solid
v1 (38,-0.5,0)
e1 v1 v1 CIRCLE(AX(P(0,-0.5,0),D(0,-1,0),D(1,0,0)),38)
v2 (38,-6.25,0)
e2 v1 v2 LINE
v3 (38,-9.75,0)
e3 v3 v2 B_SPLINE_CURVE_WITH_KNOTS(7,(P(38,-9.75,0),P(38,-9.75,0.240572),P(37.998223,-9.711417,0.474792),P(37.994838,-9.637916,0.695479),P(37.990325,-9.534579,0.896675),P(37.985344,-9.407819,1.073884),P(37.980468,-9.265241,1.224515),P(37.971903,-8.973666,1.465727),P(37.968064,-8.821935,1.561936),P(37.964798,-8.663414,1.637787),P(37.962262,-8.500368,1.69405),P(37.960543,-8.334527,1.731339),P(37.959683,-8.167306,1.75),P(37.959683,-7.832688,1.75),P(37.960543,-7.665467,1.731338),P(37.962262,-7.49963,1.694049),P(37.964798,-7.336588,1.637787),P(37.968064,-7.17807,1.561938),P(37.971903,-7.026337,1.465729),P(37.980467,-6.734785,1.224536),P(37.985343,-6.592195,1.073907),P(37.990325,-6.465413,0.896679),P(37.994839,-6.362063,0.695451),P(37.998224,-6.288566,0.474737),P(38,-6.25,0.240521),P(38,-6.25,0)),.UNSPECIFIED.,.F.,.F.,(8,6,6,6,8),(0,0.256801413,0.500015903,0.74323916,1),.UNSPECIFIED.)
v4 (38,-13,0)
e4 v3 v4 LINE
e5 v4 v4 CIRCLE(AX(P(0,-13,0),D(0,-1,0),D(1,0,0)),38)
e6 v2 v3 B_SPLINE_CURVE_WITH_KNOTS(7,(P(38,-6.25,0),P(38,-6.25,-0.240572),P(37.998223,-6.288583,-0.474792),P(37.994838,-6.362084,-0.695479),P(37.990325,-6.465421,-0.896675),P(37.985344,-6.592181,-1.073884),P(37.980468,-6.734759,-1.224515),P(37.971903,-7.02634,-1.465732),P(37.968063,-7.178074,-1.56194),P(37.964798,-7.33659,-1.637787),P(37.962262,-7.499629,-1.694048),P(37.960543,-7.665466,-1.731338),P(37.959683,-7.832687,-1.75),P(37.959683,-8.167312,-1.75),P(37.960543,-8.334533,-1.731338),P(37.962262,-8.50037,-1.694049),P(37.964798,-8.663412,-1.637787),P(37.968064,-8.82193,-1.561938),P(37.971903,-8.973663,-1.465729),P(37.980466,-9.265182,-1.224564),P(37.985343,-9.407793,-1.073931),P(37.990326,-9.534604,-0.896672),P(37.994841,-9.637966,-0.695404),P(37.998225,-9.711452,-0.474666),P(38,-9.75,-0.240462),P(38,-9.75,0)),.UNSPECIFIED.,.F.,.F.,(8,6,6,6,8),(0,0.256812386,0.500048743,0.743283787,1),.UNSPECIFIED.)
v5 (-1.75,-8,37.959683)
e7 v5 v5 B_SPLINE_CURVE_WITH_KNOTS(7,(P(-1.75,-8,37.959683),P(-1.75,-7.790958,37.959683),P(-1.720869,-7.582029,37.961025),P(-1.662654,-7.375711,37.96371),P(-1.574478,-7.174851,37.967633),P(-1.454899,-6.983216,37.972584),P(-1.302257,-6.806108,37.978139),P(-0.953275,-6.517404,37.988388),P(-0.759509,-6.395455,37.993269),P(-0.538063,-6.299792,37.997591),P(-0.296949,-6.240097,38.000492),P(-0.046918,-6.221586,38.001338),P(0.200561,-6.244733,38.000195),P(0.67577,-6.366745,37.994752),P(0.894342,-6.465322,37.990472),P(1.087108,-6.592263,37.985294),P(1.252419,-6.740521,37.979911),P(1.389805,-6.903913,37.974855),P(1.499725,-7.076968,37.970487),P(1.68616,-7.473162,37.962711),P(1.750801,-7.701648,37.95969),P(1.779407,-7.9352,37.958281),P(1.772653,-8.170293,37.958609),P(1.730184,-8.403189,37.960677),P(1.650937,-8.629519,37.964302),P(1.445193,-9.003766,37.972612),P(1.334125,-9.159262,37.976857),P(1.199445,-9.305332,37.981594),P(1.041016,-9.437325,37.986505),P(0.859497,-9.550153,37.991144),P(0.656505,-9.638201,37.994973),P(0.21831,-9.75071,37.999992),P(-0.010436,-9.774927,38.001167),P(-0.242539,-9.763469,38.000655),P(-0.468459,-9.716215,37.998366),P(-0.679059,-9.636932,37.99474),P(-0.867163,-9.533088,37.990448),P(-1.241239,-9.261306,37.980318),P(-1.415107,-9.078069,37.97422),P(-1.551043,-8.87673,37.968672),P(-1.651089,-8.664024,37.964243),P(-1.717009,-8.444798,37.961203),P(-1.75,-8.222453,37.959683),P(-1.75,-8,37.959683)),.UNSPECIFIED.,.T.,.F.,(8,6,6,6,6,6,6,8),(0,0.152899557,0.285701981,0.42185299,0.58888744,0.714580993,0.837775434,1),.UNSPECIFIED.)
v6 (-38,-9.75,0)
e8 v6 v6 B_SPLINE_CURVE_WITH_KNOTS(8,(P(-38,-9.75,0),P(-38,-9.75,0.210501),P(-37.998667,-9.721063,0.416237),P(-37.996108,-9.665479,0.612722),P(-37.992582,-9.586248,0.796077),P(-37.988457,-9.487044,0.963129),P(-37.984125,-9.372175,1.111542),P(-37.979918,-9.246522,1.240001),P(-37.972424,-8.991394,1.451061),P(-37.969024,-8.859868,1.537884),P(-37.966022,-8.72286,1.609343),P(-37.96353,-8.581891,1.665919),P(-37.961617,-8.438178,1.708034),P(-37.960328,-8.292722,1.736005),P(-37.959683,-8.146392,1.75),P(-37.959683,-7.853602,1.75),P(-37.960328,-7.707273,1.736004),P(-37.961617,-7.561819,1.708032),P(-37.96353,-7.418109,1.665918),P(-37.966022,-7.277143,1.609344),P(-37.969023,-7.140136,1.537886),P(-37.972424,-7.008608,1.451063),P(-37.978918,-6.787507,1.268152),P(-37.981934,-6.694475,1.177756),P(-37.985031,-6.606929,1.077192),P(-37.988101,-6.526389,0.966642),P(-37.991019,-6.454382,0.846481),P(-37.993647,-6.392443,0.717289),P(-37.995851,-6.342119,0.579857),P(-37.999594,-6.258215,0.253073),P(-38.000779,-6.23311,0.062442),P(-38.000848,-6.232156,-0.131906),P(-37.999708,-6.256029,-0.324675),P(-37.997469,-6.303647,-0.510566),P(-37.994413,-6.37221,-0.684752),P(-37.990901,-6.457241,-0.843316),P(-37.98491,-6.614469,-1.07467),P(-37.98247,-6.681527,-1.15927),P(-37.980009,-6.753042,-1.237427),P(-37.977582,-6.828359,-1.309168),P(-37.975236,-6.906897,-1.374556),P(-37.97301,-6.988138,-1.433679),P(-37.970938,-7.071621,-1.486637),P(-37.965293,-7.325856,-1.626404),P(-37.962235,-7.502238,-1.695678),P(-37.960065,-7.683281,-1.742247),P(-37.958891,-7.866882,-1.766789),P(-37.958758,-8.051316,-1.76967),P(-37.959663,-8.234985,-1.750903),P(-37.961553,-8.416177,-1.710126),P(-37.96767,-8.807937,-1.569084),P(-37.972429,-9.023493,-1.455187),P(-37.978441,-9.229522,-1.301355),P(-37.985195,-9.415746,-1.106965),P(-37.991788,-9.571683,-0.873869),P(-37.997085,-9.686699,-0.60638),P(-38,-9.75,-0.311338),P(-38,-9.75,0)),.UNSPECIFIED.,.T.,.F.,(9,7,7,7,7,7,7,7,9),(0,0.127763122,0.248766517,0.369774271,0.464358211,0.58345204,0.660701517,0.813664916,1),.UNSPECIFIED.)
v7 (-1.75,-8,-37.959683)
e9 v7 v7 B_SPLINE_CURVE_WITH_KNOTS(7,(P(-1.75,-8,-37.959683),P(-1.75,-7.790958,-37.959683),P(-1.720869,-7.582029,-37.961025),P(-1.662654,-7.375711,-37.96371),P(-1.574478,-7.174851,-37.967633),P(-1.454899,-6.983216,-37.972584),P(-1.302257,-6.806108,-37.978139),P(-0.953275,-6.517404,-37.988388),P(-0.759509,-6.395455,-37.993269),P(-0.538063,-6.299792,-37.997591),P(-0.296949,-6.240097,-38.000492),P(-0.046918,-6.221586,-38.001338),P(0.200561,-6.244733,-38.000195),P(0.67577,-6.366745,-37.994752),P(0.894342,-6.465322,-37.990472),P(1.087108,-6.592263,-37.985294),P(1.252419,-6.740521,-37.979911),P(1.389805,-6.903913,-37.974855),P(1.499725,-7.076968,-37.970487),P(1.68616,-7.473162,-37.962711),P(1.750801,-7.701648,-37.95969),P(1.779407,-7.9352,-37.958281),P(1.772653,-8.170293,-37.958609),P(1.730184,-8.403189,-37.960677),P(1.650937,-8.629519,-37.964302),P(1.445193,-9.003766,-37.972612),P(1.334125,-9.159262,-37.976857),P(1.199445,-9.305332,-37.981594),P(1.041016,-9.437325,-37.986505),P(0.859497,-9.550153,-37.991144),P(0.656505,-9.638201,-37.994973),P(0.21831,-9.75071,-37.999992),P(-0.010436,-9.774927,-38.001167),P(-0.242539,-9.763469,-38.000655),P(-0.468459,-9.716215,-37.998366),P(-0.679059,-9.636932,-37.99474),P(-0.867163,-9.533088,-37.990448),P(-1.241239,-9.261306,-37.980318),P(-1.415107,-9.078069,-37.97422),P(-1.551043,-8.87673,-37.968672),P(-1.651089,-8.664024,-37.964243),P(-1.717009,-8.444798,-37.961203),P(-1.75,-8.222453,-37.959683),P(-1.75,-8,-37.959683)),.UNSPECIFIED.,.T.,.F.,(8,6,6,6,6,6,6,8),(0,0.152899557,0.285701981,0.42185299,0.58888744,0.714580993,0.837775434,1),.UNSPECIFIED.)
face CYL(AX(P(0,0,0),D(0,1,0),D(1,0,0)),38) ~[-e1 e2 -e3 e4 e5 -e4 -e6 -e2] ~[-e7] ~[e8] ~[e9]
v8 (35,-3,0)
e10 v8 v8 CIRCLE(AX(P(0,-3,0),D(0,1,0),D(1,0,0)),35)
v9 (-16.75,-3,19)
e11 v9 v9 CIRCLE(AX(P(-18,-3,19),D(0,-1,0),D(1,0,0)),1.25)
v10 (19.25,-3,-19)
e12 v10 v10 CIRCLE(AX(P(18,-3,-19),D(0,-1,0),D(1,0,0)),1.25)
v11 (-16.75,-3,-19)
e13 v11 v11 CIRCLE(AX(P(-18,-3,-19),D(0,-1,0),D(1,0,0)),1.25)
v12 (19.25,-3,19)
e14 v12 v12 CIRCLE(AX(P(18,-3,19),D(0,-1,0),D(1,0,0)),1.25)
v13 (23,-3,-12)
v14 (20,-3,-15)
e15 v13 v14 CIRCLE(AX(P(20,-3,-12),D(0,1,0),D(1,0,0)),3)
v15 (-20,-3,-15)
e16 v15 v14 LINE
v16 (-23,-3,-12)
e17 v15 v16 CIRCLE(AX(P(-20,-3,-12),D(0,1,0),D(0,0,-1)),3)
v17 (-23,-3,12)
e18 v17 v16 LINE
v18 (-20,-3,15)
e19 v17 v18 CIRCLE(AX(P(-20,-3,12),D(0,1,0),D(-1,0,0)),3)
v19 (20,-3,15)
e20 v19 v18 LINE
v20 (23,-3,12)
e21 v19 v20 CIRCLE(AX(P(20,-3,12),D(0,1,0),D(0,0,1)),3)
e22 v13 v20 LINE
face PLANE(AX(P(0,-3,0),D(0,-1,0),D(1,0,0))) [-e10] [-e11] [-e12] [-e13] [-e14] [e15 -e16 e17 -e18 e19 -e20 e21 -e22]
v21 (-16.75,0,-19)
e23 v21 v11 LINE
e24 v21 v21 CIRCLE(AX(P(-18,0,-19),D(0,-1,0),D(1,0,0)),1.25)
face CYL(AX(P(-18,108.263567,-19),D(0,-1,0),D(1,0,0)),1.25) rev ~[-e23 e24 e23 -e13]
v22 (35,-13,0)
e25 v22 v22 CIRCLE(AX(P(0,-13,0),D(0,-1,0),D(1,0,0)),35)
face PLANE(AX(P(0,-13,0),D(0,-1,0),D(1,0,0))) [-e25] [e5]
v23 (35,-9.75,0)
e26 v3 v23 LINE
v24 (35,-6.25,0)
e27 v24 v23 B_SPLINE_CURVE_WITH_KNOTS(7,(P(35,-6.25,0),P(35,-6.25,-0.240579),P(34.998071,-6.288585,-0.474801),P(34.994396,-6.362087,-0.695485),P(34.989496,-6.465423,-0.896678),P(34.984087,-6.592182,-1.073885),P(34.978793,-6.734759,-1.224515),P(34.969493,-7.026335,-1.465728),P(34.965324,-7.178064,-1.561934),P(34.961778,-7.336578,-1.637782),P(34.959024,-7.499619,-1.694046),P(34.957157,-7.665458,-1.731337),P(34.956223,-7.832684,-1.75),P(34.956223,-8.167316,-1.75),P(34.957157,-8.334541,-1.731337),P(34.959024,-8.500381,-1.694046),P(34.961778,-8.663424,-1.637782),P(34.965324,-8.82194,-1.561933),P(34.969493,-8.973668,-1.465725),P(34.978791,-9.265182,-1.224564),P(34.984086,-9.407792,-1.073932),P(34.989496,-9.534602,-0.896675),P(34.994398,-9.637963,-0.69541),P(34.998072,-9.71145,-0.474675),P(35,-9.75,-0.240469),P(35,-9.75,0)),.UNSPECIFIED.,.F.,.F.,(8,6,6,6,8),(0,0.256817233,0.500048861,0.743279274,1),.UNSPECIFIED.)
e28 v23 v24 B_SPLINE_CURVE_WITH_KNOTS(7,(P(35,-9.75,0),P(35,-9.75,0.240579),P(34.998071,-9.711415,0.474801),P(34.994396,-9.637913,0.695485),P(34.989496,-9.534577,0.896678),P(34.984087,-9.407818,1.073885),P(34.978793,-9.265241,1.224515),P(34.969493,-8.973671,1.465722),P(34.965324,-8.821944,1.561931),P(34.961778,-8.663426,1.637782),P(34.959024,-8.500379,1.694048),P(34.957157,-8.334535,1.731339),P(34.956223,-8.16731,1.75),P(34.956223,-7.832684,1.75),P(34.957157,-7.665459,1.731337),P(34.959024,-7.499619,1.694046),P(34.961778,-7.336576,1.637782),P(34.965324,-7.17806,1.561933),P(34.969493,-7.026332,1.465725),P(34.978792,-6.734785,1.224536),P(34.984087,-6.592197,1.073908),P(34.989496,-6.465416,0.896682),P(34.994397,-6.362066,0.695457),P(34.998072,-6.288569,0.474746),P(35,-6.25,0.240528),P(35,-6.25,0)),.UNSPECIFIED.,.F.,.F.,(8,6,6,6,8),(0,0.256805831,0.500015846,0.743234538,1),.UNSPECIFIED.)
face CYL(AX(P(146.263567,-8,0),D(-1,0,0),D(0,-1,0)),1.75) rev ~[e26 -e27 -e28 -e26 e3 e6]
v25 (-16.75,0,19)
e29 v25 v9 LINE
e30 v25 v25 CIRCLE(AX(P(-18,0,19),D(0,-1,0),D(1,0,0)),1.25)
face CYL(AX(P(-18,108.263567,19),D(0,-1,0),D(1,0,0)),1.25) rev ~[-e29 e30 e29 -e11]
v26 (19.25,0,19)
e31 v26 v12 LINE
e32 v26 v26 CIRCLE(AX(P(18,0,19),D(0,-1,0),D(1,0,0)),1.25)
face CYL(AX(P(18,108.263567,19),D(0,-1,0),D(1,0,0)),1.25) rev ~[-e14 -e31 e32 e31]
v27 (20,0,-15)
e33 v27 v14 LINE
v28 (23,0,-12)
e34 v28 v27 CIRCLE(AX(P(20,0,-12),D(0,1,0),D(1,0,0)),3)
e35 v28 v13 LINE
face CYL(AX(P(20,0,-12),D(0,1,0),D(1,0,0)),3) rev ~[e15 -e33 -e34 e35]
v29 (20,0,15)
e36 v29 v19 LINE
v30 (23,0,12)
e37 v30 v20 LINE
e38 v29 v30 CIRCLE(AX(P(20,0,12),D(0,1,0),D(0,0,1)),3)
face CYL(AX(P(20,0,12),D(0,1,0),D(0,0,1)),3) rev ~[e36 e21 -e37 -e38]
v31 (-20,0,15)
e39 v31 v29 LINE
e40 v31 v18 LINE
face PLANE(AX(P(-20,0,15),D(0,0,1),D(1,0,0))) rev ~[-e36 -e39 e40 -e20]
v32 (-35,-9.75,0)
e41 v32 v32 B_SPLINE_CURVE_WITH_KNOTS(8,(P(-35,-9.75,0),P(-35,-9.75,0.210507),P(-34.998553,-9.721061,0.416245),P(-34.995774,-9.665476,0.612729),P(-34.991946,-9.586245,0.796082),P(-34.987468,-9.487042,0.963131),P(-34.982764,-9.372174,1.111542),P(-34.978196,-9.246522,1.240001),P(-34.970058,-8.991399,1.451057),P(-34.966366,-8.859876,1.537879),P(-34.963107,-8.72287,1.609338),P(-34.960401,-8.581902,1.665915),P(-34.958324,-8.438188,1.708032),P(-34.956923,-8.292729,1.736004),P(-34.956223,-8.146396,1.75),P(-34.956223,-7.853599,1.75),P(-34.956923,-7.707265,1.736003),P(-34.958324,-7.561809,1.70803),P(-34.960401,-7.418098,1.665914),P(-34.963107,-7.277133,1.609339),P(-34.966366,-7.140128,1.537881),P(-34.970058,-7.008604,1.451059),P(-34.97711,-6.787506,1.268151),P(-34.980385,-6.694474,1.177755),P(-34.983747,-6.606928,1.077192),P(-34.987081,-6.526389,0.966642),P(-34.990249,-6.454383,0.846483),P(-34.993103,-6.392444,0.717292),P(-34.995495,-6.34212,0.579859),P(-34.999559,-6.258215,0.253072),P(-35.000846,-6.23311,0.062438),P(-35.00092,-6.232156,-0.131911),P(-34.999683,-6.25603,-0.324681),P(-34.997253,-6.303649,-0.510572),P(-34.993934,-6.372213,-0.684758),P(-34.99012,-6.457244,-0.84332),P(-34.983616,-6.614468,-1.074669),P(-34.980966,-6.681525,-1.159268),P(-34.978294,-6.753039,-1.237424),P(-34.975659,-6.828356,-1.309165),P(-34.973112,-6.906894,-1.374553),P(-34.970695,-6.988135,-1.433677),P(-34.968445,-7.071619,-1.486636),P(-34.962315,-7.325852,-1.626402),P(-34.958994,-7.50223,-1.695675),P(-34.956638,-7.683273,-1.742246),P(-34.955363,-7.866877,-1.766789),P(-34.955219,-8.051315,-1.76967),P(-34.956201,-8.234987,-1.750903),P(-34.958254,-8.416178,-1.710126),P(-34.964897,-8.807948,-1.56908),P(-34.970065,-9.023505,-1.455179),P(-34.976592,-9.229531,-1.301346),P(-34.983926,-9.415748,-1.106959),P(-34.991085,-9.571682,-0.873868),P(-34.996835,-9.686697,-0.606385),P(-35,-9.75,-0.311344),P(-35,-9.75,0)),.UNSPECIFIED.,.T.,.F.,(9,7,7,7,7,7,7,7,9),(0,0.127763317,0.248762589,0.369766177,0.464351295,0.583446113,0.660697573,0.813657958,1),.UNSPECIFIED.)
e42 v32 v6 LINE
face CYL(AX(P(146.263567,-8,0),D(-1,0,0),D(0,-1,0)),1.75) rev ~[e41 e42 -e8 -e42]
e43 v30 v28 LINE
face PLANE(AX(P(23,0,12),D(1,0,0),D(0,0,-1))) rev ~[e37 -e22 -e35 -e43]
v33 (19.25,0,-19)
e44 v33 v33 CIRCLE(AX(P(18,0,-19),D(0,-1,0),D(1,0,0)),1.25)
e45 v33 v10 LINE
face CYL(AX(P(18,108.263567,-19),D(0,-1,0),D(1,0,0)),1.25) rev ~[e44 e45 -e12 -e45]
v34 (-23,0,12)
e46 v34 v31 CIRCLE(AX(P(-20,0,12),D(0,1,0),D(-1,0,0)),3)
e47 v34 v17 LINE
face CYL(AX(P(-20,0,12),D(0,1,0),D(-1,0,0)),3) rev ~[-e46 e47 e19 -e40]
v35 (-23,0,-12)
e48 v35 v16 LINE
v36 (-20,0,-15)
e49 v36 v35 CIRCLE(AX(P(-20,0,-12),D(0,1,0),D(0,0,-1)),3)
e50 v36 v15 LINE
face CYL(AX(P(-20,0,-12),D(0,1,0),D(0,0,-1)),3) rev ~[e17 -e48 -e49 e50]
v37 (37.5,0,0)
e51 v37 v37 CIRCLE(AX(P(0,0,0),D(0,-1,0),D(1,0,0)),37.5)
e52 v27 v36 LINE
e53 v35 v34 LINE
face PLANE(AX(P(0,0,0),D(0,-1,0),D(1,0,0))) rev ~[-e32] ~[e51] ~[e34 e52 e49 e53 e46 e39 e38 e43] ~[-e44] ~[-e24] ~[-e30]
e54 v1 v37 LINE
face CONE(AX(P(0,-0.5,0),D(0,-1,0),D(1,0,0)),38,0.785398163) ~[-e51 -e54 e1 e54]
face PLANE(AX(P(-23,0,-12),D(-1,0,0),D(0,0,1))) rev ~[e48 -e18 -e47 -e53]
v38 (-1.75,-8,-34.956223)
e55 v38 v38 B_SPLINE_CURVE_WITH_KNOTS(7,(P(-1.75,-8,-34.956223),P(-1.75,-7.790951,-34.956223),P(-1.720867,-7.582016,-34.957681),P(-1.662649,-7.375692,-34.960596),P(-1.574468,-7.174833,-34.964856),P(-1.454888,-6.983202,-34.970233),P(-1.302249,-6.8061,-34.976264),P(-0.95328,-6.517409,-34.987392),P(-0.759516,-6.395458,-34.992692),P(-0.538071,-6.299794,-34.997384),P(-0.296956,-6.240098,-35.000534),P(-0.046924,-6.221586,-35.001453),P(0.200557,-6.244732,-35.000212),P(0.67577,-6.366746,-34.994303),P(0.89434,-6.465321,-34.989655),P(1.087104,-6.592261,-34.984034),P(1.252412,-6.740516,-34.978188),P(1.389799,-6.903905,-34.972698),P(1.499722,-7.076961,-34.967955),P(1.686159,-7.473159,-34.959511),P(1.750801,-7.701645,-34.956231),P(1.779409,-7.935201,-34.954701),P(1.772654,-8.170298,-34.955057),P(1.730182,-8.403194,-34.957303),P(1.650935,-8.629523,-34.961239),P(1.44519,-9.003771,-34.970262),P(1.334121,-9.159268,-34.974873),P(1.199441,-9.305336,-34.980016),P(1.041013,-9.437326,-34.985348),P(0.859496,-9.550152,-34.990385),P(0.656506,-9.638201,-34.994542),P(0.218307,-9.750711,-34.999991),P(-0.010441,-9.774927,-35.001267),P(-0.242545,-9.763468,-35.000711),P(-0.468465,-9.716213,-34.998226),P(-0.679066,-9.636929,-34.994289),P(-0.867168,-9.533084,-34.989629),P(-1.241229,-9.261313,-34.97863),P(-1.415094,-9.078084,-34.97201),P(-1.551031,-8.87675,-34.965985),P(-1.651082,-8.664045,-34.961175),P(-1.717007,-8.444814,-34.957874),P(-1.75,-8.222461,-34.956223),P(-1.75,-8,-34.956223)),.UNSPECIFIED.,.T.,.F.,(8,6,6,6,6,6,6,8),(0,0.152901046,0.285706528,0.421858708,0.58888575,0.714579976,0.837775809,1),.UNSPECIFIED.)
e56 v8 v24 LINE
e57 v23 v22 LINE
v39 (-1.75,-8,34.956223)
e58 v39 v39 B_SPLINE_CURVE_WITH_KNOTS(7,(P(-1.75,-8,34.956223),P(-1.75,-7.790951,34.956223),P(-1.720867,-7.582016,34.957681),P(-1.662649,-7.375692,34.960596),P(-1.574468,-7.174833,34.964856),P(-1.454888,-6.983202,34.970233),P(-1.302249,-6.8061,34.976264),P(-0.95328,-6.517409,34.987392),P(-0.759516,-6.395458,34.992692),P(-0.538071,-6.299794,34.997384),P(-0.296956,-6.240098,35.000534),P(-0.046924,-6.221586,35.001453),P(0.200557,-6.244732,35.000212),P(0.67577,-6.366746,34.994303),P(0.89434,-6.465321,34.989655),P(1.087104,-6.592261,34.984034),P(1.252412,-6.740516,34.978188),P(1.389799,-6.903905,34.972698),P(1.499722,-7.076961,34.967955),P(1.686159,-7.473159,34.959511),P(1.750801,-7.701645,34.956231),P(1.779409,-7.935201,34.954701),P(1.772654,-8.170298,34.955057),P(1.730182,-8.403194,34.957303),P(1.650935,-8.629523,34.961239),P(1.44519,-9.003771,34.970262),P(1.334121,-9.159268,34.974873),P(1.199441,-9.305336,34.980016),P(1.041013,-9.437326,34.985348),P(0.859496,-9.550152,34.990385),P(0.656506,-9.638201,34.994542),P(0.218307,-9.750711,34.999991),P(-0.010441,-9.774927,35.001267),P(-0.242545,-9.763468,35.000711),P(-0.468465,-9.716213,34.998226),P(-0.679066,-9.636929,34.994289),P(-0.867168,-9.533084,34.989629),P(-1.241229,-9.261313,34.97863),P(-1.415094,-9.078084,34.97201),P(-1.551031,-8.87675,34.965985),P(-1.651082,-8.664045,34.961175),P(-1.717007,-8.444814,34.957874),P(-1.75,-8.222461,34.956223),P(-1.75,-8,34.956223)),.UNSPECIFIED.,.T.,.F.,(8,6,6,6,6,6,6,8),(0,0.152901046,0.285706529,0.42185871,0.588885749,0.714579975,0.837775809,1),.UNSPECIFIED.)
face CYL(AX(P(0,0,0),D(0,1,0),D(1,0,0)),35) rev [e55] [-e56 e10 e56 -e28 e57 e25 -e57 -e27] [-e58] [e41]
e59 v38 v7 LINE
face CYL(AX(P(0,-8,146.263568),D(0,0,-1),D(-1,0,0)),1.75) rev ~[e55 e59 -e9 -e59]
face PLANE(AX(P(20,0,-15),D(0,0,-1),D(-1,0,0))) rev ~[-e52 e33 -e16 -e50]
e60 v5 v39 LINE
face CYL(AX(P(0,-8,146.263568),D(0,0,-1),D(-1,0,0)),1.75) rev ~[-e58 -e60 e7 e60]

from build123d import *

# Parameters (mm, degrees)
F0_R     = 38
F1_DEPTH = 13
F2_T     = -3
F4_DEPTH = 25
F6_D     = 2.5
F9_D     = 3.5
F12_D    = 3.5
F13_SIZE = 0.5


with BuildPart() as f1:
    # F0 (on Front) → F1 (new body)
    with BuildSketch(Plane.XZ):
        Circle(F0_R)
    extrude(amount=F1_DEPTH)

    # F2
    f2_openings = [f1.faces().sort_by_distance(p)[0] for p in [
        (0, -13, 0),
    ]]
    offset(amount=F2_T, openings=f2_openings)

    # F3 (on face) → F4 (cut)
    with BuildSketch(Plane(origin=(0, 0, 0), x_dir=(-1, 0, 0), z_dir=(0, 1, 0))):
        with BuildLine():
            Line((20, 15), (-20, 15))
            ThreePointArc((-20, 15), (-22.1213203436, 14.1213203436), (-23, 12))
            Line((-23, 12), (-23, -12))
            ThreePointArc((-23, -12), (-22.1213203436, -14.1213203436), (-20, -15))
            Line((-20, -15), (20, -15))
            ThreePointArc((20, -15), (22.1213203436, -14.1213203436), (23, -12))
            Line((23, -12), (23, 12))
            ThreePointArc((23, 12), (22.1213203436, 14.1213203436), (20, 15))
        make_face()
    extrude(amount=-F4_DEPTH, mode=Mode.SUBTRACT)

    # F6 (through all)
    with Locations(Plane(origin=(0, 0, 0), x_dir=(-1, 0, 0), z_dir=(0, 1, 0))):
        with Locations((18, 19), (-18, 19), (-18, -19), (18, -19)):
            Hole(F6_D / 2)

    # F9 (through all)
    with Locations(Plane.YZ.offset(38)):
        with Locations((-8, 0)):
            Hole(F9_D / 2)

    # F12 (through all)
    with Locations(Plane.XY.offset(38)):
        with Locations((0, -8)):
            Hole(F12_D / 2)

    # F13
    f13_edges = [f1.edges().sort_by_distance(p)[0] for p in [
        (-38, 0, 0),
    ]]
    chamfer(f13_edges, length=F13_SIZE)


solid = f1.part
